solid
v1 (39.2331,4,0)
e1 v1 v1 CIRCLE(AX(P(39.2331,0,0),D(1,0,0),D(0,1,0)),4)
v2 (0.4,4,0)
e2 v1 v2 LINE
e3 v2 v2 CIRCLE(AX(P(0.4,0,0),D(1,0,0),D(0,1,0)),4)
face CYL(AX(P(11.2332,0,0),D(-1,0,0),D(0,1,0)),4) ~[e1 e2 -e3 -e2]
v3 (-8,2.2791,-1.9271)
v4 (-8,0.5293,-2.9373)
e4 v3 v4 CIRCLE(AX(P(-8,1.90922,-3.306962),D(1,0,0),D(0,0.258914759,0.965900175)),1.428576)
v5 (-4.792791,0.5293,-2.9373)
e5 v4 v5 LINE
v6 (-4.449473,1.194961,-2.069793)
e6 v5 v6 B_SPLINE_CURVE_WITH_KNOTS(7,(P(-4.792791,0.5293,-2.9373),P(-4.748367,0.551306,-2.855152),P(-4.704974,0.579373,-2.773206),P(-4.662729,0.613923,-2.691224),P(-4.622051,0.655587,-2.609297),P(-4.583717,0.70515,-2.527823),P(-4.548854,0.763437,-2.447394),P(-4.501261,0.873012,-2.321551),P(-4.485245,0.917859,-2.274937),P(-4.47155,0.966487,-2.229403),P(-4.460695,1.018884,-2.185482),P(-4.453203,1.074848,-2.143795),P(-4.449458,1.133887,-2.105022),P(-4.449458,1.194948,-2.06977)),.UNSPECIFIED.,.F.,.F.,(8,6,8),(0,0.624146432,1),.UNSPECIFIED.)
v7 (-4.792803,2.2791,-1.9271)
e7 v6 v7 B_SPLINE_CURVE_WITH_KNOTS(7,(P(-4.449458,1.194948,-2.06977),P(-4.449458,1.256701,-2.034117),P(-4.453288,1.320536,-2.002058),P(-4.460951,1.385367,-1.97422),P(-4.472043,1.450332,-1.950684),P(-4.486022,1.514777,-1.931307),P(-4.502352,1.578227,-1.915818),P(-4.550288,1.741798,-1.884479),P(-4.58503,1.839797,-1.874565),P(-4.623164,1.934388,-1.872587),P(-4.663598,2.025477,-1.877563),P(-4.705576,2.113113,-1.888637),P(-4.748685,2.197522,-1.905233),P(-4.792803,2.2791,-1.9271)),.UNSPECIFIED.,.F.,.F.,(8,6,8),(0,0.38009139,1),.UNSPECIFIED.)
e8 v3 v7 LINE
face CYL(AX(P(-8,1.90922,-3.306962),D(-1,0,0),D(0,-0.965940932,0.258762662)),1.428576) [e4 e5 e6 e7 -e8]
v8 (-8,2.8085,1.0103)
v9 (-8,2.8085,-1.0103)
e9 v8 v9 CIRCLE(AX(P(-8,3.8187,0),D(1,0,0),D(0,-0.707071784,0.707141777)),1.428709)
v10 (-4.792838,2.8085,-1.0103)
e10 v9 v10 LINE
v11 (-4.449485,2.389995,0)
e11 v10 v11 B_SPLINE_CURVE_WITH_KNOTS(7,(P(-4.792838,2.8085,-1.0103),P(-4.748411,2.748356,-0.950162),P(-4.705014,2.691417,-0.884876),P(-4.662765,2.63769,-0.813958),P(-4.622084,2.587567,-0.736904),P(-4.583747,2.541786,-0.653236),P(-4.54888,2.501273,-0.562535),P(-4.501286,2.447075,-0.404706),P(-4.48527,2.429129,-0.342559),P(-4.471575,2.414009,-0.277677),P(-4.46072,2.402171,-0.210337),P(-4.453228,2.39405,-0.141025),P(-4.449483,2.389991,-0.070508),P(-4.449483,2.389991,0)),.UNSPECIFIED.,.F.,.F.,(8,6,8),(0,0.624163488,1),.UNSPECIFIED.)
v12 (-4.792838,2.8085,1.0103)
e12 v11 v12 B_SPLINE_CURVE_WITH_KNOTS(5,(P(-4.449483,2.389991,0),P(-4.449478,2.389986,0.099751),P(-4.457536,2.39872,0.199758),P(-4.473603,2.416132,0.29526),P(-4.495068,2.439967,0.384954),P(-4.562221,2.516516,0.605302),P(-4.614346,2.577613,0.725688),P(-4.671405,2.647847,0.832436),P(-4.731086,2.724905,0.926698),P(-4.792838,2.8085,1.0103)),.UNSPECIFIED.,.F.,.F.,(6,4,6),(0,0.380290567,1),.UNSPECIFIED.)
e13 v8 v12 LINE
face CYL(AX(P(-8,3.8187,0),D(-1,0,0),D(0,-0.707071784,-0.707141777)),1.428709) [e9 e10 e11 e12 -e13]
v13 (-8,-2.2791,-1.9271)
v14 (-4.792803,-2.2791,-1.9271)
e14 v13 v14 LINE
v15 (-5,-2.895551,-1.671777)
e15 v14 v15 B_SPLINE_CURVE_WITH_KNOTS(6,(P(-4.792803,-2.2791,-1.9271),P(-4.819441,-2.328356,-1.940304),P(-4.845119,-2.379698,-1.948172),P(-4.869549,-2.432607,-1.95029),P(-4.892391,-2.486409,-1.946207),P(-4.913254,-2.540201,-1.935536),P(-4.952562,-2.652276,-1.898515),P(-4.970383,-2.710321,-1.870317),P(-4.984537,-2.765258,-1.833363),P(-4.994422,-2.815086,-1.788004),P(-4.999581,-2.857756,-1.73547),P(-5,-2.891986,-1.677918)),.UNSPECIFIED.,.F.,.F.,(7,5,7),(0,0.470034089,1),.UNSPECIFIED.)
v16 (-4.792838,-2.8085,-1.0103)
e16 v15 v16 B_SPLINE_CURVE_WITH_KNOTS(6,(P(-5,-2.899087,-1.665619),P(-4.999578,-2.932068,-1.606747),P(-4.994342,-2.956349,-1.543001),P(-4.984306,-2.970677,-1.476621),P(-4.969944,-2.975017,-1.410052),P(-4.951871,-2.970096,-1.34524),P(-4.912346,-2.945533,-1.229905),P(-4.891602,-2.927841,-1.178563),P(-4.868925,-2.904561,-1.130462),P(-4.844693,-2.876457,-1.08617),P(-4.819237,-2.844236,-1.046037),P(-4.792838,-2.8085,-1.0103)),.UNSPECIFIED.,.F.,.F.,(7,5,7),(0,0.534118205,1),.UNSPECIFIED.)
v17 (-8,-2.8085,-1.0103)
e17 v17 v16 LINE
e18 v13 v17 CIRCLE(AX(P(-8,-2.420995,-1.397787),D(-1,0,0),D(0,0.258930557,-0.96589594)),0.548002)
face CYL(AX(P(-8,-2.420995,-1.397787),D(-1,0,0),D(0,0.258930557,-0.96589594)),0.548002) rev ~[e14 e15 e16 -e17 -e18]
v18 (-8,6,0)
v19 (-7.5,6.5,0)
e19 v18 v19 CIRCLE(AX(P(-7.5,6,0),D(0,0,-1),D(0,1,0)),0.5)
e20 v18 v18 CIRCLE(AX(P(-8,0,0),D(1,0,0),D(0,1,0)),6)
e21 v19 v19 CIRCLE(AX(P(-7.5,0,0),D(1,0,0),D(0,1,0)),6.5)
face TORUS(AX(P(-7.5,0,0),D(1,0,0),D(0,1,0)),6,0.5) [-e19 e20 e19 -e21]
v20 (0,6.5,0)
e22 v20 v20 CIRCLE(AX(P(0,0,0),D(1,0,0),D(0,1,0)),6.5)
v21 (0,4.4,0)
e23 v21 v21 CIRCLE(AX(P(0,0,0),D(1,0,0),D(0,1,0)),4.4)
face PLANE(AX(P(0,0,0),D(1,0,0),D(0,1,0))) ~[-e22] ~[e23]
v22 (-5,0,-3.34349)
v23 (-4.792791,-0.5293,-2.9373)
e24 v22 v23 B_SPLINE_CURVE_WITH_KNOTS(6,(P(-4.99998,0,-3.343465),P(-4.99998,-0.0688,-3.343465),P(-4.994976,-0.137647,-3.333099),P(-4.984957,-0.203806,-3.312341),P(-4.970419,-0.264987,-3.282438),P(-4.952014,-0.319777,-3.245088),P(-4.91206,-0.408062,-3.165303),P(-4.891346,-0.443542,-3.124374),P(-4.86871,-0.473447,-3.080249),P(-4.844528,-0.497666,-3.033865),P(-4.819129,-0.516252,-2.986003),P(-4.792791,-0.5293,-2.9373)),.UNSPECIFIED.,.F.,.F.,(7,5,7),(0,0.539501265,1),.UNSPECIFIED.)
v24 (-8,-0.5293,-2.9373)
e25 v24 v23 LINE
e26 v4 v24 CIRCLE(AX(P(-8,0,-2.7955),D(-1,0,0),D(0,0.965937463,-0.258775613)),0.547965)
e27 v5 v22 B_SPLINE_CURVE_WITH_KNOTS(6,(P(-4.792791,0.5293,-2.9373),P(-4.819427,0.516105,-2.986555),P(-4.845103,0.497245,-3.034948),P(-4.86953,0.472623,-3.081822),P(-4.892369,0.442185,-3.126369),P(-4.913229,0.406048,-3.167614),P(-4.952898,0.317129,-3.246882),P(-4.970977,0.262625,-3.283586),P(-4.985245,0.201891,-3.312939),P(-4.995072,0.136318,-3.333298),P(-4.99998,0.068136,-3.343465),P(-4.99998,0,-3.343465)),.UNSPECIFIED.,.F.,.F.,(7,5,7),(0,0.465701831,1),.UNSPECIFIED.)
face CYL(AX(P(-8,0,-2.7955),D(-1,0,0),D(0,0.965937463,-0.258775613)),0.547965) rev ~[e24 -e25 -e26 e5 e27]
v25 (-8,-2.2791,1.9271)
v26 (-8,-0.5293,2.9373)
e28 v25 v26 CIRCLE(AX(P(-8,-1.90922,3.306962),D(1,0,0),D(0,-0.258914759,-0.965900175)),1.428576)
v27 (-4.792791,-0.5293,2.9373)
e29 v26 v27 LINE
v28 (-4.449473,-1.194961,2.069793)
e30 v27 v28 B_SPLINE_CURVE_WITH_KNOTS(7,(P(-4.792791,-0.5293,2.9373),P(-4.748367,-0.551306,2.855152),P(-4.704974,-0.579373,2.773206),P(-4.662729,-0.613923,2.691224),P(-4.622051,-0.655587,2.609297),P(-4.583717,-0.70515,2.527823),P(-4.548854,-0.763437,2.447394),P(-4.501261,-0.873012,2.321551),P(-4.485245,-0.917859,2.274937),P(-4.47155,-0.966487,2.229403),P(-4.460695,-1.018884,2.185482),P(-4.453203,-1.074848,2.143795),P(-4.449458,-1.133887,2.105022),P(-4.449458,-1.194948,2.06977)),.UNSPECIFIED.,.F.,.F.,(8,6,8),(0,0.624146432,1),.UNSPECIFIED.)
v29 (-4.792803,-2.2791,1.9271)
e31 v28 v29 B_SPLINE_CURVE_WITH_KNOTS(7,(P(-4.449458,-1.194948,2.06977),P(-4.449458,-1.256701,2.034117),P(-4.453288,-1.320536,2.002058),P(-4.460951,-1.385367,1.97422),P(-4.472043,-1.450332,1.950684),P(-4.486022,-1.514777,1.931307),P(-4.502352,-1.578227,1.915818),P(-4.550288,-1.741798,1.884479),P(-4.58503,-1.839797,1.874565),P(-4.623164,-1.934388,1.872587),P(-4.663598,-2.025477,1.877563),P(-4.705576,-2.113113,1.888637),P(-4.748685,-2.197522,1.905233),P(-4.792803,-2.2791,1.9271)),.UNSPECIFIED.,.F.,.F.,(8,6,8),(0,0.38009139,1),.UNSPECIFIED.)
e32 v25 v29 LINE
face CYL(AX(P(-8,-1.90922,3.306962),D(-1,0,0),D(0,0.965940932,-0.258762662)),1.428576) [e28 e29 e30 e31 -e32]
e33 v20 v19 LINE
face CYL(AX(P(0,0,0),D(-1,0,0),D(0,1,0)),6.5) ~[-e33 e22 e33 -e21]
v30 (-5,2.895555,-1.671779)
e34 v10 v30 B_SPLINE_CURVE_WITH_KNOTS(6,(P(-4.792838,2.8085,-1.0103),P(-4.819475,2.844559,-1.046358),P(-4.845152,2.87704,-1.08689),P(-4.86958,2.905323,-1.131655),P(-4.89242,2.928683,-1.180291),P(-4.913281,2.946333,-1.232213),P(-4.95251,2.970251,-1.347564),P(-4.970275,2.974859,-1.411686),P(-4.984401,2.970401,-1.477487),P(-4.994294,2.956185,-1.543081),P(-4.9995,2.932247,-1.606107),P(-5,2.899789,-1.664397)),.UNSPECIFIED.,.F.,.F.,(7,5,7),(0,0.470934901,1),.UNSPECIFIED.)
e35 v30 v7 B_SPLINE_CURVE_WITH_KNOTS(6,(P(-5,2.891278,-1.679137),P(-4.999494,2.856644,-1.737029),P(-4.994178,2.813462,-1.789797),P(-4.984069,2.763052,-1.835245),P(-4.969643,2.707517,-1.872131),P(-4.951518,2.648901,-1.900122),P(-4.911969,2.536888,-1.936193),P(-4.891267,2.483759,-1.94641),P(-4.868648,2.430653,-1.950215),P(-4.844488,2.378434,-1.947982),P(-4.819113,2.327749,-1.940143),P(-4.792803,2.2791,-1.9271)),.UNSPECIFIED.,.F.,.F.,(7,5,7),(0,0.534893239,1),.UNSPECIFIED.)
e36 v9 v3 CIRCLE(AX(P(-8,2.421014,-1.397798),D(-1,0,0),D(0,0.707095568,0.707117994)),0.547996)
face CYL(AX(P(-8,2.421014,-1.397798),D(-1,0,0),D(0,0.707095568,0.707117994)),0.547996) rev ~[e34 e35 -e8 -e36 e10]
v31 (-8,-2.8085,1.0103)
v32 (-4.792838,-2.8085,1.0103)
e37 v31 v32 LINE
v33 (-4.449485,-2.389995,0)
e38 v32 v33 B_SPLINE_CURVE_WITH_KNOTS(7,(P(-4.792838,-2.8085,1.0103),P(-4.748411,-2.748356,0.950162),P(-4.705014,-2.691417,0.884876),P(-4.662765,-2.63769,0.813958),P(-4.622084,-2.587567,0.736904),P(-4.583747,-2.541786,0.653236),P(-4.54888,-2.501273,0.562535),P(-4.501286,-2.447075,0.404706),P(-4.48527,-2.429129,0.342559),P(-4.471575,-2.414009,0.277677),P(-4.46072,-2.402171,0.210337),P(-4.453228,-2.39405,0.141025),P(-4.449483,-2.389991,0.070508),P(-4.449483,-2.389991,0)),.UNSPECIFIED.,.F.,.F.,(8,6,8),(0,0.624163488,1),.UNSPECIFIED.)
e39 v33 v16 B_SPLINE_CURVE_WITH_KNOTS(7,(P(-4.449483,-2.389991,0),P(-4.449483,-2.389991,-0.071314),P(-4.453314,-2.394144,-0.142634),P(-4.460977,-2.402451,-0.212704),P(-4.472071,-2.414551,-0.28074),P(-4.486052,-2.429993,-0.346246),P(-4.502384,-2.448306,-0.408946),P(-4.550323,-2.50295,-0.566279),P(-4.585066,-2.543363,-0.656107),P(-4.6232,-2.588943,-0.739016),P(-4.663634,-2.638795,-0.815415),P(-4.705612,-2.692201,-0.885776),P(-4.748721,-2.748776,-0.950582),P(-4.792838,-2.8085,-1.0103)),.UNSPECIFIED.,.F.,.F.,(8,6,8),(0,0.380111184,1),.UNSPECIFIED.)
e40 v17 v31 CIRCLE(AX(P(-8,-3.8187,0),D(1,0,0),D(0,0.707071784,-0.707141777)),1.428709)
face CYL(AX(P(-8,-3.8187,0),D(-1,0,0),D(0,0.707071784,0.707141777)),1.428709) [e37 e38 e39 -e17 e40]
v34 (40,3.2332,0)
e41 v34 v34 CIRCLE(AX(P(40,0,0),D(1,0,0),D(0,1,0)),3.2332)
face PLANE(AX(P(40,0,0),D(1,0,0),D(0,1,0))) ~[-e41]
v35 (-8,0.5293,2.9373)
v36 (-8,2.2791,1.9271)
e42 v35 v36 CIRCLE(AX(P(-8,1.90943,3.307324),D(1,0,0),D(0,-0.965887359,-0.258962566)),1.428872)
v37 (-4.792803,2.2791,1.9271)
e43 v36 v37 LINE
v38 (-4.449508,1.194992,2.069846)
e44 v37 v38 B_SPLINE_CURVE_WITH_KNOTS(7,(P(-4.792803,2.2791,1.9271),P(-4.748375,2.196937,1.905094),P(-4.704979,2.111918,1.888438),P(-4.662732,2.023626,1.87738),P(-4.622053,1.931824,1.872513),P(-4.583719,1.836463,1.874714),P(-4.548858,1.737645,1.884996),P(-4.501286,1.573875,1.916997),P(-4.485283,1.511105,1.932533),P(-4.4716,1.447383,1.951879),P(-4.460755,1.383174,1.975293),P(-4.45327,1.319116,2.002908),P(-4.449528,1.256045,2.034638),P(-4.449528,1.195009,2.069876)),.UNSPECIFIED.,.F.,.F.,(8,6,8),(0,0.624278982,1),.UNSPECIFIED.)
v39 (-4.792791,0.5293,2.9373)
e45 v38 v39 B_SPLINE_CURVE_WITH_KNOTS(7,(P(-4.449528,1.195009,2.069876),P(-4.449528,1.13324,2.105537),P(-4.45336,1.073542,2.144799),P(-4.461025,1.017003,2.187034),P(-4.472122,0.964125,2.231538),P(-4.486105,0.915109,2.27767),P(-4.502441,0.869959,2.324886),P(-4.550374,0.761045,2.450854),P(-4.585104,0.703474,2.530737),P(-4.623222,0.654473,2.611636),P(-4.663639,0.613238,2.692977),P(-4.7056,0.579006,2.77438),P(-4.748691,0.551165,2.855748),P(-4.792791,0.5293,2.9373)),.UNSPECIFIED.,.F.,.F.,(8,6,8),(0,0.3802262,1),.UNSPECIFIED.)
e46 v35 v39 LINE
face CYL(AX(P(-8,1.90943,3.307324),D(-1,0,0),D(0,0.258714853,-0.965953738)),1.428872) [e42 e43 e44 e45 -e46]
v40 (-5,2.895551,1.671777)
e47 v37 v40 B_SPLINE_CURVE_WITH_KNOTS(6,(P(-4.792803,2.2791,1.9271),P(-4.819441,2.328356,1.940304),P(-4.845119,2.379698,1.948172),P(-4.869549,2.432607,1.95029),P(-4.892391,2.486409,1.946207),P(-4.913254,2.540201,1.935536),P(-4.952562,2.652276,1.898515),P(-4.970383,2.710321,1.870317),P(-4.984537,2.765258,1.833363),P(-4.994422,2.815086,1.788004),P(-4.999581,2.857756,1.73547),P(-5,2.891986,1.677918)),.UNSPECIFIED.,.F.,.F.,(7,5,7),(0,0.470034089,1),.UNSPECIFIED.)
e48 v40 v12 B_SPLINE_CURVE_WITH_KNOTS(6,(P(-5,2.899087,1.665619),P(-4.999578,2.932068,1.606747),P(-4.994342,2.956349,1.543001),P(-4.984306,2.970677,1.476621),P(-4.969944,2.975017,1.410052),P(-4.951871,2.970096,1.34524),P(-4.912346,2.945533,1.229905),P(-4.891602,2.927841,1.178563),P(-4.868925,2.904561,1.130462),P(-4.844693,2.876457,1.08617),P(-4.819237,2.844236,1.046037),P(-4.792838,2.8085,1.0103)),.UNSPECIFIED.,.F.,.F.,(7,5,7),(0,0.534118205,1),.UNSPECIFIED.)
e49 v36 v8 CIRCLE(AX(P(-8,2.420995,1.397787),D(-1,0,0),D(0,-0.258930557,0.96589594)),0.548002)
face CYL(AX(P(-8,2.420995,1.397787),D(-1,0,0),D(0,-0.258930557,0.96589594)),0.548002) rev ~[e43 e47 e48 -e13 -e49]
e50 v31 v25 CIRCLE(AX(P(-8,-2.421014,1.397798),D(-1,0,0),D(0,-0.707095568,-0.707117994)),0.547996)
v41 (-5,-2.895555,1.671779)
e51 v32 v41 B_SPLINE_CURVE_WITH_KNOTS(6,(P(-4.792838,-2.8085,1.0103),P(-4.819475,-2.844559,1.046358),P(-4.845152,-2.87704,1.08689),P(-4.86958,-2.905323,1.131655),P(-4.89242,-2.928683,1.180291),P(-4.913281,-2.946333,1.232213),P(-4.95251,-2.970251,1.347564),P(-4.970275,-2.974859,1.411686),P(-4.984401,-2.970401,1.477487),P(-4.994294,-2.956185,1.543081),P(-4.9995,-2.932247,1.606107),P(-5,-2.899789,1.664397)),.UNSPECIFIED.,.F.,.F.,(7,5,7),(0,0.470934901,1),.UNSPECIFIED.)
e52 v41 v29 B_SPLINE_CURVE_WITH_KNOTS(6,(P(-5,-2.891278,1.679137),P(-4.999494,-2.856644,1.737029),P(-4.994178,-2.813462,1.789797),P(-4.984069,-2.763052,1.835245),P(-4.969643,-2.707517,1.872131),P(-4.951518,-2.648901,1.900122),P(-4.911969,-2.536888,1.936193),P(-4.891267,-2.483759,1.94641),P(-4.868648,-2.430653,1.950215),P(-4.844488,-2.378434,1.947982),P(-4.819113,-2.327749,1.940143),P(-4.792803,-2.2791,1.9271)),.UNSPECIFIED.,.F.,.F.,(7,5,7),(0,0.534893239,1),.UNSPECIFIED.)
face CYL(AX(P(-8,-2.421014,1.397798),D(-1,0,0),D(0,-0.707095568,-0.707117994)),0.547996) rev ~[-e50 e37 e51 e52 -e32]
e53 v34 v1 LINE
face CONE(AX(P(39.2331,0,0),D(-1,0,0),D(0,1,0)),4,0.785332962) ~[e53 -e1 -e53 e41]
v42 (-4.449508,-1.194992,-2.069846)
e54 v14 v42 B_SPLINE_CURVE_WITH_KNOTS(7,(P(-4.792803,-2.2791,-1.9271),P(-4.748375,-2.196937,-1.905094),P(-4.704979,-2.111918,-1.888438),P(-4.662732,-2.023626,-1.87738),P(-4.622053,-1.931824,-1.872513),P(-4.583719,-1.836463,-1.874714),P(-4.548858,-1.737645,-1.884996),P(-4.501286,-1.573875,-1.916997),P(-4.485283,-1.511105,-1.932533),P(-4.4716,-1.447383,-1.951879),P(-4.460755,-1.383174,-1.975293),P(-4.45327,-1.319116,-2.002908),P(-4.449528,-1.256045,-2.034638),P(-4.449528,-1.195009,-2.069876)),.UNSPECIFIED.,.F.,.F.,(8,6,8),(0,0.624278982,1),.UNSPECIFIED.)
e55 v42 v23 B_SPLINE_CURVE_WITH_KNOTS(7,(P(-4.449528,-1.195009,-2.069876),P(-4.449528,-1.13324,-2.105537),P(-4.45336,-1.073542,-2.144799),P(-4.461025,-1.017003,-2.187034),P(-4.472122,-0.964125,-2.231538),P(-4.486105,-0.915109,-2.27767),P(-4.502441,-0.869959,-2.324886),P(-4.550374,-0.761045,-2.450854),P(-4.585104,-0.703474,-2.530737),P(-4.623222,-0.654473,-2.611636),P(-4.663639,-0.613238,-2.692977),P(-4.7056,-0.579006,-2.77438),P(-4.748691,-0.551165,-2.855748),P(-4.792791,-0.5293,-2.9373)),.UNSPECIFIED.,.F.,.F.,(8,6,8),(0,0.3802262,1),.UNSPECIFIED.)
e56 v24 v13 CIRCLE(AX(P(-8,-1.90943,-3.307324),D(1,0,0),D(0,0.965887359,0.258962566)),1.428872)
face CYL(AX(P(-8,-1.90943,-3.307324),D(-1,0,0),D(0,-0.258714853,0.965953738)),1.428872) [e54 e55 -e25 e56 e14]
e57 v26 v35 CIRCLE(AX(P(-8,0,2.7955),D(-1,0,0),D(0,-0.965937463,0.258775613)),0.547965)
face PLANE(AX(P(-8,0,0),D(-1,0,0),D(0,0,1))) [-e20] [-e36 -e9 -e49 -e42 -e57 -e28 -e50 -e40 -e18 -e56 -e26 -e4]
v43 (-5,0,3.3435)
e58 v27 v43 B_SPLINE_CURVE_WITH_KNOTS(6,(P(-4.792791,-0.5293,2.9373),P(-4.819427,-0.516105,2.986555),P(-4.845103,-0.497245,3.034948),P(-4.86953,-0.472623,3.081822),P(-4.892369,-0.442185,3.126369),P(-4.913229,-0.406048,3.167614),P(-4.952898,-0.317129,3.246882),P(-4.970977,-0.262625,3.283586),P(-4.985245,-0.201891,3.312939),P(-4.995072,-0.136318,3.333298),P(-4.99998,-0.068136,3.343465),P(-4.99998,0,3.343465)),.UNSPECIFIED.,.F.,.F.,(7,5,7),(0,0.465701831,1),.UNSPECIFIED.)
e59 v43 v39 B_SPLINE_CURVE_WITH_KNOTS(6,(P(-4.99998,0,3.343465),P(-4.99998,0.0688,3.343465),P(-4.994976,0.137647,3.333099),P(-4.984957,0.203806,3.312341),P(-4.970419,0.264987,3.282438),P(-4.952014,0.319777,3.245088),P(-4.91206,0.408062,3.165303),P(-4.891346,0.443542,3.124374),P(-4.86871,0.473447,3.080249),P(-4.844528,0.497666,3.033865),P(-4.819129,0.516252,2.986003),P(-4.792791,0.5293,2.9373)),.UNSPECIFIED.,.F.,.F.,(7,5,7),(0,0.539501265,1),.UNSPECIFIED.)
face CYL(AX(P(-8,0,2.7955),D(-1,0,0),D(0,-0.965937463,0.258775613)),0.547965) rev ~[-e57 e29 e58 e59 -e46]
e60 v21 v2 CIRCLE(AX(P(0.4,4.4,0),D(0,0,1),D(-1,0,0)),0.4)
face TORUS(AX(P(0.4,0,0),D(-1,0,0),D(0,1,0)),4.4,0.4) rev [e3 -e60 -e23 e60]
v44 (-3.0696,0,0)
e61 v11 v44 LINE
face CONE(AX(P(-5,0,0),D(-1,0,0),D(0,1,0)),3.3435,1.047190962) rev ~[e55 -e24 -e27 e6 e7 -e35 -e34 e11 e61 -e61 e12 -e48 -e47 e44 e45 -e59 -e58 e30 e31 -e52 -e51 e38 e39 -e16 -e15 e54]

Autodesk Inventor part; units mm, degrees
ref_plane "YZ Plane" through (0, 0, 0) normal (1, 0, 0) x (0, 1, 0)
ref_plane "XZ Plane" through (0, 0, 0) normal (0, 1, 0) x (-1, 0, 0)
sketch "Sketch1" plane through (0, 0, 0) normal (0, 0, 1) x (1, 0, 0)
  line L0 (-3.0696, 0) -> (40, 0)
  line L1 (40, 0) -> (40, 4)
  line L2 (40, 4) -> (12, 4)
  line L3 (12, 4) -> (11.2332, 4)
  line L4 (11.2332, 4) -> (0.4, 4)
  line L5 (0, 4.4) -> (0, 6.5)
  line L6 (0, 6.5) -> (-8, 6.5)
  line L7 (-8, 6.5) -> (-8, 3.3435)
  line L8 (-8, 3.3435) -> (-5, 3.3435)
  line L9 (-5, 3.3435) -> (-3.0696, 0)
  line L10 (-17.6, 0) -> (49.6, 0) projected
  line L11 (0, -1.3) -> (0, 7.8) projected
  line L12 (12, 4) -> (0, 4) construction
  arc A0 (0, 4.4) -> (0.4, 4) centre (0.4, 4.4) ccw
  point P0 (0, 4)
  dimension "d1" = 28
  dimension "d2" = 0.7668
  dimension "d3" = 8
  dimension "d4" = 3
  dimension "d5" = 60
  dimension "d6" = 8
  dimension "d7" = 8
  dimension "d8" = 6.687
  dimension "d9" = 13
  dimension "d20" = 40
  dimension "d34" = 0.4
revolve "Body" add sketch "Sketch1" angle 360 about axis through (-3.0696, 0, 0) along (1, 0, 0)
sketch "Sketch2" plane through (-8, 0, 0) normal (-1, 0, 0) x (0, 0, 1)
  line L0 (0, -9.1) -> (0, 9.1) projected
  line L1 (-9.1, 0) -> (9.1, 0) projected
  circle A0 centre (0, 0) radius 3.3435 projected
  circle A1 centre (0, 0) radius 2.39
  line L2 (0, 0) -> (5.8463, 3.3754) construction
  line L3 (0, 0) -> (2.9613, 5.1292) construction
  arc A2 (1.9271, 2.2791) -> (1.0103, 2.8085) centre (1.3978, 2.421) ccw
  arc A3 (2.9373, -0.5293) -> (2.9373, 0.5293) centre (2.7955, 0) ccw
  arc A4 (1.9271, 2.2791) -> (2.9373, 0.5293) centre (3.3071, 1.9094) ccw
  arc A5 (-1.0103, 2.8085) -> (-1.9271, 2.2791) centre (-1.3978, 2.421) ccw
  arc A6 (-2.9373, 0.5293) -> (-2.9373, -0.5293) centre (-2.7955, 0) ccw
  arc A7 (-2.9373, 0.5293) -> (-1.9271, 2.2791) centre (-3.3071, 1.9094) ccw
  arc A8 (-1.9271, -2.2791) -> (-1.0103, -2.8085) centre (-1.3978, -2.421) ccw
  arc A9 (-1.9271, -2.2791) -> (-2.9373, -0.5293) centre (-3.3071, -1.9094) ccw
  arc A10 (-2.9373, 0.5293) -> (-2.9373, -0.5293) centre (-2.7955, 0) ccw
  arc A11 (1.0103, -2.8085) -> (1.9271, -2.2791) centre (1.3978, -2.421) ccw
  arc A12 (2.9373, -0.5293) -> (2.9373, 0.5293) centre (2.7955, 0) ccw
  arc A13 (2.9373, -0.5293) -> (1.9271, -2.2791) centre (3.3071, -1.9094) ccw
  arc A14 (-1.0103, 2.8085) -> (1.0103, 2.8085) centre (0, 3.8187) ccw
  arc A15 (1.0103, -2.8085) -> (-1.0103, -2.8085) centre (0, -3.8187) ccw
  dimension "d35" = 4.78
  dimension "d36" = 30
  dimension "d37" = 60
  dimension "d38" = 0.548
extrude "Slot" add sketch "Sketch2" against normal up to next contours A0 A8 A15 L0 | L0 A15 A11 A0 | A0 A6 A9 A8 | A11 A13 A3 A0 | A0 A5 A7 A6 | A3 A4 A2 A0 | A14 A5 A0 L0 | L0 A0 A2 A14
fillet "Fillet1" radius 0.5 1 edges at (-8, -6.5, 0)
thread "Thread" size "M8x1.25" designation "M8" class "6g" standard "GB Metric profile" length 28
chamfer "Chamfer1" distance 0.7668 distance2 0.7669 1 edges at (40, -4, 0) measured on face at (40, -0.998, -0.8842)
ref_plane "Work Plane1" through (0, 0, 0) normal (0, 0.5, 0.866) x (1, 0, 0)
equation "\"d1\" = GEL"
equation "\"d2\" = GAL"
equation "\"d3\" = KOH"
equation "\"d4\" = INTI"
equation "\"d6\" = GD"
equation "\"d7\" = BDM"
equation "\"d8\" = E0"
equation "\"d9\" = KOD"
equation "\"d20\" = NLG"
equation "\"d34\" = R"
equation "\"d35\" = SW"
equation "\"d38\" = RRK"
equation "\"d17\" = RR"
equation "\"d13\" = GEL"
equation "\"d15\" = -0.5 * SPD + 0.5 * GD"
equation "\"GD\" = NND"
equation "\"NLG\" = 40"
equation "\"GEL\" = 28"
equation "\"KOD\" = 13"
equation "\"KOH\" = 8"
equation "\"INTI\" = 3"
equation "\"GAL\" = 0.61345 * PTC"
equation "\"GUL\" = 0.61345 * PTC"
equation "\"BDM\" = NND"
equation "\"SW\" = 4.78"
equation "\"RR\" = 0.5"
equation "\"SPD\" = NND - 1.2269 * PTC"
equation "\"R\" = 0.4"
equation "\"E0\" = 6.687"
equation "\"RRK\" = 0.548"
equation "\"TOA\" = 30deg"
equation "\"GD1\" = THREADDIA - 1.2269 * PTC"
equation "\"THREADDIA\" = 8"
equation "\"FAWI\" = 45deg"
equation "\"ANG\" = 120deg"
equation "\"PTC\" = 1.25"
equation "\"NND\" = 8"
equation "\"KEWI\" = 5deg"
properties part number "Screw GB/T 2171.2 M8 x 40" material "Acciaio, Dolce"
